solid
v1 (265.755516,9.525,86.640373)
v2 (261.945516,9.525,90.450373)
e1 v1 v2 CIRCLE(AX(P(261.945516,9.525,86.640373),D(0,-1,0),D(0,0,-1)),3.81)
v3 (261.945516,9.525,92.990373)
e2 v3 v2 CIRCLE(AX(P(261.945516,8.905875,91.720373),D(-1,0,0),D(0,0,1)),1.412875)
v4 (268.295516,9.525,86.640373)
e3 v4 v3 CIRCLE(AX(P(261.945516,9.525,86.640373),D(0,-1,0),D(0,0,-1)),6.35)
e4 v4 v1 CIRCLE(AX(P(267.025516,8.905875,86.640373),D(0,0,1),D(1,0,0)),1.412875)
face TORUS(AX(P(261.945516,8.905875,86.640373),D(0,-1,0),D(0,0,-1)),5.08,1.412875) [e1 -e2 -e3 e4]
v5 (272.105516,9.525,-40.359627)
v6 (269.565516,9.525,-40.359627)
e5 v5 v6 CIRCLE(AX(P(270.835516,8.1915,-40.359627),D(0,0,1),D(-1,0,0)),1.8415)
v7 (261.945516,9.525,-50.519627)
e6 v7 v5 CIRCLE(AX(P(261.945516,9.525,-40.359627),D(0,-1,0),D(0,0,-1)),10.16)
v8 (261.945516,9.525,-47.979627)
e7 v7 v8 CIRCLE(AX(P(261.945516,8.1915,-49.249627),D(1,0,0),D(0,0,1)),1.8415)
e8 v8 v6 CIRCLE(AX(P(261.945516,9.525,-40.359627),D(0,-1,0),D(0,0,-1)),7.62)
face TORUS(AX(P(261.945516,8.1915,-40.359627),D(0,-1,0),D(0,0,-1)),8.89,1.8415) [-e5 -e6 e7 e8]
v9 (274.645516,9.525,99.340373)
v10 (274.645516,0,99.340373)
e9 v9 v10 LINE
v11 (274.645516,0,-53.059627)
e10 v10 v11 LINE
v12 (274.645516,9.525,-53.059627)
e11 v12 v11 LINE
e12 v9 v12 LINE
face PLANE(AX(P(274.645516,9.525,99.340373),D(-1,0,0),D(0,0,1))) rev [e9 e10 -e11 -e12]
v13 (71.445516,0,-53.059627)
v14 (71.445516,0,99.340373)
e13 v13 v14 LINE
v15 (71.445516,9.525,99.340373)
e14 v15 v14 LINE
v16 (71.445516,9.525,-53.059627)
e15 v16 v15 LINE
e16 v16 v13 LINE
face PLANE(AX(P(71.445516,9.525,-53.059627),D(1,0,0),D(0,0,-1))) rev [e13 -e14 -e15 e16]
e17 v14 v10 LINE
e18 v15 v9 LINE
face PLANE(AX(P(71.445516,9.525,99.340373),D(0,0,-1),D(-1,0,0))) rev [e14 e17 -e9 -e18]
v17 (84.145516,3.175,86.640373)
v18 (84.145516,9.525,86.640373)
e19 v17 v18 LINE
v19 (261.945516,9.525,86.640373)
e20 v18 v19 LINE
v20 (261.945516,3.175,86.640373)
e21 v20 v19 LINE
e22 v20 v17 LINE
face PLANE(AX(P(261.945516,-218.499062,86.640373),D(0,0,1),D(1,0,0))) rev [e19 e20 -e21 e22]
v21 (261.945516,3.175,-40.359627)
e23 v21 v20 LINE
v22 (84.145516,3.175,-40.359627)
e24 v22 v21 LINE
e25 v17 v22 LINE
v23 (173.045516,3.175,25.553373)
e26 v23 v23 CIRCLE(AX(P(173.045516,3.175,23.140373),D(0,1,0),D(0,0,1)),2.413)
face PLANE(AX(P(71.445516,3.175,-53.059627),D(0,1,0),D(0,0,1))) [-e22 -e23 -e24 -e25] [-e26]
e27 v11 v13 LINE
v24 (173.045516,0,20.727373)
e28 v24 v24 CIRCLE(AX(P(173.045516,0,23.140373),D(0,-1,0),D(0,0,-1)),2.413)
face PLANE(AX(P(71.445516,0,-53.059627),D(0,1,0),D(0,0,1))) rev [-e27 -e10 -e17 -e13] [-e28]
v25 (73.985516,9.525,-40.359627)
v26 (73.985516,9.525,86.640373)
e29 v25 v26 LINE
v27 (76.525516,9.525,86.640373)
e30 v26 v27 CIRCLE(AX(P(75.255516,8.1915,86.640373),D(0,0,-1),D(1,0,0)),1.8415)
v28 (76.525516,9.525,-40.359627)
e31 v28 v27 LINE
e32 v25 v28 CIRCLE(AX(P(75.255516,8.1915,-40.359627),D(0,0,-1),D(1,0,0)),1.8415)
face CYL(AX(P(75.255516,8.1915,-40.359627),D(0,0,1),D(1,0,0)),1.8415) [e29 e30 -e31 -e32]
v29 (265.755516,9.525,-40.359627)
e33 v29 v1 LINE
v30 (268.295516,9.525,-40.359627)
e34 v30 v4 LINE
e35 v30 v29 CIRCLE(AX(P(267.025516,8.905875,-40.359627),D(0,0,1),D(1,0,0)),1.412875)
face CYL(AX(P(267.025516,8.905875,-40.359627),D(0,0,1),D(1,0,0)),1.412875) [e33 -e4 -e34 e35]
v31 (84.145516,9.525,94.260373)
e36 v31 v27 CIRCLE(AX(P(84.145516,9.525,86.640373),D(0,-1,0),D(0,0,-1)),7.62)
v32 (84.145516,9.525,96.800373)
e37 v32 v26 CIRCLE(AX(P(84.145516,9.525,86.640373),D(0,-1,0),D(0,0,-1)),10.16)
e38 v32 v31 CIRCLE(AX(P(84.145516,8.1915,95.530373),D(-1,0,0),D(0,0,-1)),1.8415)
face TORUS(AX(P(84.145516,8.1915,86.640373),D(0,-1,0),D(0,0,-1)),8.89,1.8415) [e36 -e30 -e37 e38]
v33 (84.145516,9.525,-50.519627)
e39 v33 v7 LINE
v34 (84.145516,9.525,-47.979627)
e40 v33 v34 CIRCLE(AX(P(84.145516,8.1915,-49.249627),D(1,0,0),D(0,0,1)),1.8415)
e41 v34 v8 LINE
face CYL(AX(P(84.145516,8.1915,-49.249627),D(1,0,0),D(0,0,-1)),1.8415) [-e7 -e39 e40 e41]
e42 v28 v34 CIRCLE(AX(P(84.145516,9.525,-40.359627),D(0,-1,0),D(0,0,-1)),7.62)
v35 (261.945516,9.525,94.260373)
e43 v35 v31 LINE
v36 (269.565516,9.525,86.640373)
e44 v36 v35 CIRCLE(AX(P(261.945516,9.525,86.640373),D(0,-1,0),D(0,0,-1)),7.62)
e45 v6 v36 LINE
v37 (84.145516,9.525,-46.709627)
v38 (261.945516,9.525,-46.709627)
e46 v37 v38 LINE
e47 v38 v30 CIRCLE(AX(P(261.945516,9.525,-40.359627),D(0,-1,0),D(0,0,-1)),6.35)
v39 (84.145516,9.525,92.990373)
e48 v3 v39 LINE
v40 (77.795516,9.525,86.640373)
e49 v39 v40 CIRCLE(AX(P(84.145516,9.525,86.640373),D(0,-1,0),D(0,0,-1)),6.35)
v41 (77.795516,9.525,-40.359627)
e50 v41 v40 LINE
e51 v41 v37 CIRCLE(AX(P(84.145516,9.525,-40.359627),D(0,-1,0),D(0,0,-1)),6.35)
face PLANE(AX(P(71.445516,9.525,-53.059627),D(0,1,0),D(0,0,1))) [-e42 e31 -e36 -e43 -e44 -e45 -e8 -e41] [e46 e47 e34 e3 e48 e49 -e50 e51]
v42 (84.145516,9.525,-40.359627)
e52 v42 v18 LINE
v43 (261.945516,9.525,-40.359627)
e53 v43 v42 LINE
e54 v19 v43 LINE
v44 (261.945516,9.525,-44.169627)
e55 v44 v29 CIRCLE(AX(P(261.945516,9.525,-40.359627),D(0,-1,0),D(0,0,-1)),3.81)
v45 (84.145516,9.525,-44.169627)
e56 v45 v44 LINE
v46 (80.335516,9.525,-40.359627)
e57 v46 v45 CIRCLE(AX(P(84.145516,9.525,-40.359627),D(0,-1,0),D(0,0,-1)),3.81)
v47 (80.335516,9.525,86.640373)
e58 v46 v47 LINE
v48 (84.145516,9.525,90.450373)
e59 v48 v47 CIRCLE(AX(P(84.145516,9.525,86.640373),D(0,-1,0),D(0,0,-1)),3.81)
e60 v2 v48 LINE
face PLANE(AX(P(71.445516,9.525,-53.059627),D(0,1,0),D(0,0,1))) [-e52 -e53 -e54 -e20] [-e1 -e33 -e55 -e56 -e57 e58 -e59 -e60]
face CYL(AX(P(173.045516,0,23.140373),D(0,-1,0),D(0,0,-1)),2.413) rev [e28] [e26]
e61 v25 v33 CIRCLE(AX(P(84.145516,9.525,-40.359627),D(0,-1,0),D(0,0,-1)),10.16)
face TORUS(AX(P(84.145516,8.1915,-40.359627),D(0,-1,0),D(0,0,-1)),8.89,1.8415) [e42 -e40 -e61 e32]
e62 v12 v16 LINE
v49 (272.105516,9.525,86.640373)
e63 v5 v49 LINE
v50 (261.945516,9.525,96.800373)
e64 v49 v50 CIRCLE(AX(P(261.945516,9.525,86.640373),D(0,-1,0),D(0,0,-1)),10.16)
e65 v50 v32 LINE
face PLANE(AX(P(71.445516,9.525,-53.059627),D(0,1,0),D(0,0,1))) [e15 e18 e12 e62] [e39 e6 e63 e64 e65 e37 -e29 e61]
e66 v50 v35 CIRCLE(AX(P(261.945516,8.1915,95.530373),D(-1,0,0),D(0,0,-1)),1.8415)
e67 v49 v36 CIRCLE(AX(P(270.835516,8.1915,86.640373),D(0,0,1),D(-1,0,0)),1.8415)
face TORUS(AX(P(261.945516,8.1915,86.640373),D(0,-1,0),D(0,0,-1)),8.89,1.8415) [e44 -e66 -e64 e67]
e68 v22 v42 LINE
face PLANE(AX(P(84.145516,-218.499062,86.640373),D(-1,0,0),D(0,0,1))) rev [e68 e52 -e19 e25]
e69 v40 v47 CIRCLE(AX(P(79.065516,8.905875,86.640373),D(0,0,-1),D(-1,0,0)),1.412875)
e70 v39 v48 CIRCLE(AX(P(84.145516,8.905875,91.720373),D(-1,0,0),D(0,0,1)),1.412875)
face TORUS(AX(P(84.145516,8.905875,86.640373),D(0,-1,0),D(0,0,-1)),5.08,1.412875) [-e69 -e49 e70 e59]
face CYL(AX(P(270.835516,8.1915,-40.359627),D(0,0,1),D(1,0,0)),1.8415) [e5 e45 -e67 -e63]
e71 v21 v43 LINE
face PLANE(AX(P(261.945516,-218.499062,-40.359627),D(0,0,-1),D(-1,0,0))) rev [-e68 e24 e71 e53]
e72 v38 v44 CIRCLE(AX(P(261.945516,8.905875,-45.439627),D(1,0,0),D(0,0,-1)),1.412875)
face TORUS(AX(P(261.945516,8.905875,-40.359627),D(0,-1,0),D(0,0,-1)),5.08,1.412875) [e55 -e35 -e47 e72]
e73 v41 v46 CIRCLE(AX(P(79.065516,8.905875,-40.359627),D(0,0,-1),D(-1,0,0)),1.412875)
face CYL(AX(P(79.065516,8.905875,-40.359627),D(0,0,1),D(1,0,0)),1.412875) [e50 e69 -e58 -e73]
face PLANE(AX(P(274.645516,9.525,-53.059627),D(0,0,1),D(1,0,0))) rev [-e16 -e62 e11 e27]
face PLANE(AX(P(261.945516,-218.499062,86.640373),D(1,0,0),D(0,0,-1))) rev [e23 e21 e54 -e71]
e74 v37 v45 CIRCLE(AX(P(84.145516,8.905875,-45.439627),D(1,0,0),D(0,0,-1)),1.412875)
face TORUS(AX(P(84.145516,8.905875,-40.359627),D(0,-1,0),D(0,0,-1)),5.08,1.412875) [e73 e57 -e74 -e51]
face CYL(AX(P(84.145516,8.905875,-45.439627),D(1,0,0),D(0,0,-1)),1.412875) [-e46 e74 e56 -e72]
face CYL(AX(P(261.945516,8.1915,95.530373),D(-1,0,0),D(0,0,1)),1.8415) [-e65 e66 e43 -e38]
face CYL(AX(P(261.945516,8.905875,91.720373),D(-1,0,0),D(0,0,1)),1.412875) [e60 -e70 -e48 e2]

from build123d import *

# Parameters (mm, degrees)
SKETCH1_W              = 203.2
SKETCH1_H              = 152.4
MAIN_BODY_DEPTH        = 9.525
SKETCH2_W              = 177.8
SKETCH2_H              = 127
SLIDE_INSET_DEPTH      = 6.35
F_10_32_TAPPED_HOLE2_D = 4.826


with BuildPart() as part:
    # Sketch1 → main body (new body)
    with BuildSketch(Plane(origin=(0, 0, 0), x_dir=(1, 0, 0), z_dir=(0, 1, 0))):
        with Locations((173.045515995, -23.140372536)):
            Rectangle(SKETCH1_W, SKETCH1_H)
    extrude(amount=MAIN_BODY_DEPTH)

    # Sketch2 → slide inset (cut)
    with BuildSketch(Plane(origin=(0, 9.525, 0), x_dir=(1, 0, 0), z_dir=(0, 1, 0))):
        with Locations((173.045515995, -23.140372536)):
            Rectangle(SKETCH2_W, SKETCH2_H)
    extrude(amount=-SLIDE_INSET_DEPTH, mode=Mode.SUBTRACT)

    # Sweep for sealing ribs: sweep along a path in gasket bump profiles
    with BuildLine(Plane(origin=(0, 9.525, 0), x_dir=(1, 0, 0), z_dir=(0, 1, 0))) as sweep_for_sealing_ribs_path:
        Line((79.065515995, 40.359627464), (79.065515995, -86.640372536))
        ThreePointArc((79.065515995, -86.640372536), (80.553413547, -90.232474985), (84.145515995, -91.720372536))
        Line((84.145515995, -91.720372536), (261.945515995, -91.720372536))
        ThreePointArc((261.945515995, -91.720372536), (265.537618444, -90.232474985), (267.025515995, -86.640372536))
        Line((267.025515995, -86.640372536), (267.025515995, 40.359627464))
        ThreePointArc((267.025515995, 40.359627464), (265.537618444, 43.951729912), (261.945515995, 45.439627464))
        Line((261.945515995, 45.439627464), (84.145515995, 45.439627464))
        ThreePointArc((84.145515995, 45.439627464), (80.553413547, 43.951729912), (79.065515995, 40.359627464))
    # gasket bump shape → Sweep for sealing ribs (sweep)
    with BuildSketch(Plane(origin=(0, 0, 23.140372536), x_dir=(-1, 0, 0), z_dir=(0, 0, -1))):
        with BuildLine():
            Line((-77.795515995, 9.525), (-80.335515995, 9.525))
            ThreePointArc((-80.335515995, 9.525), (-79.065515995, 10.31875), (-77.795515995, 9.525))
        make_face()
        with BuildLine():
            Line((-76.525515995, 9.525), (-73.985515995, 9.525))
            ThreePointArc((-73.985515995, 9.525), (-75.255515995, 10.033), (-76.525515995, 9.525))
        make_face()
    sweep(path=sweep_for_sealing_ribs_path.line)

    # #10-32 Tapped Hole2 (through all)
    with Locations(Plane.XZ):
        with Locations((173.045515995, 23.140372536)):
            Hole(F_10_32_TAPPED_HOLE2_D / 2)


solid = part.part
